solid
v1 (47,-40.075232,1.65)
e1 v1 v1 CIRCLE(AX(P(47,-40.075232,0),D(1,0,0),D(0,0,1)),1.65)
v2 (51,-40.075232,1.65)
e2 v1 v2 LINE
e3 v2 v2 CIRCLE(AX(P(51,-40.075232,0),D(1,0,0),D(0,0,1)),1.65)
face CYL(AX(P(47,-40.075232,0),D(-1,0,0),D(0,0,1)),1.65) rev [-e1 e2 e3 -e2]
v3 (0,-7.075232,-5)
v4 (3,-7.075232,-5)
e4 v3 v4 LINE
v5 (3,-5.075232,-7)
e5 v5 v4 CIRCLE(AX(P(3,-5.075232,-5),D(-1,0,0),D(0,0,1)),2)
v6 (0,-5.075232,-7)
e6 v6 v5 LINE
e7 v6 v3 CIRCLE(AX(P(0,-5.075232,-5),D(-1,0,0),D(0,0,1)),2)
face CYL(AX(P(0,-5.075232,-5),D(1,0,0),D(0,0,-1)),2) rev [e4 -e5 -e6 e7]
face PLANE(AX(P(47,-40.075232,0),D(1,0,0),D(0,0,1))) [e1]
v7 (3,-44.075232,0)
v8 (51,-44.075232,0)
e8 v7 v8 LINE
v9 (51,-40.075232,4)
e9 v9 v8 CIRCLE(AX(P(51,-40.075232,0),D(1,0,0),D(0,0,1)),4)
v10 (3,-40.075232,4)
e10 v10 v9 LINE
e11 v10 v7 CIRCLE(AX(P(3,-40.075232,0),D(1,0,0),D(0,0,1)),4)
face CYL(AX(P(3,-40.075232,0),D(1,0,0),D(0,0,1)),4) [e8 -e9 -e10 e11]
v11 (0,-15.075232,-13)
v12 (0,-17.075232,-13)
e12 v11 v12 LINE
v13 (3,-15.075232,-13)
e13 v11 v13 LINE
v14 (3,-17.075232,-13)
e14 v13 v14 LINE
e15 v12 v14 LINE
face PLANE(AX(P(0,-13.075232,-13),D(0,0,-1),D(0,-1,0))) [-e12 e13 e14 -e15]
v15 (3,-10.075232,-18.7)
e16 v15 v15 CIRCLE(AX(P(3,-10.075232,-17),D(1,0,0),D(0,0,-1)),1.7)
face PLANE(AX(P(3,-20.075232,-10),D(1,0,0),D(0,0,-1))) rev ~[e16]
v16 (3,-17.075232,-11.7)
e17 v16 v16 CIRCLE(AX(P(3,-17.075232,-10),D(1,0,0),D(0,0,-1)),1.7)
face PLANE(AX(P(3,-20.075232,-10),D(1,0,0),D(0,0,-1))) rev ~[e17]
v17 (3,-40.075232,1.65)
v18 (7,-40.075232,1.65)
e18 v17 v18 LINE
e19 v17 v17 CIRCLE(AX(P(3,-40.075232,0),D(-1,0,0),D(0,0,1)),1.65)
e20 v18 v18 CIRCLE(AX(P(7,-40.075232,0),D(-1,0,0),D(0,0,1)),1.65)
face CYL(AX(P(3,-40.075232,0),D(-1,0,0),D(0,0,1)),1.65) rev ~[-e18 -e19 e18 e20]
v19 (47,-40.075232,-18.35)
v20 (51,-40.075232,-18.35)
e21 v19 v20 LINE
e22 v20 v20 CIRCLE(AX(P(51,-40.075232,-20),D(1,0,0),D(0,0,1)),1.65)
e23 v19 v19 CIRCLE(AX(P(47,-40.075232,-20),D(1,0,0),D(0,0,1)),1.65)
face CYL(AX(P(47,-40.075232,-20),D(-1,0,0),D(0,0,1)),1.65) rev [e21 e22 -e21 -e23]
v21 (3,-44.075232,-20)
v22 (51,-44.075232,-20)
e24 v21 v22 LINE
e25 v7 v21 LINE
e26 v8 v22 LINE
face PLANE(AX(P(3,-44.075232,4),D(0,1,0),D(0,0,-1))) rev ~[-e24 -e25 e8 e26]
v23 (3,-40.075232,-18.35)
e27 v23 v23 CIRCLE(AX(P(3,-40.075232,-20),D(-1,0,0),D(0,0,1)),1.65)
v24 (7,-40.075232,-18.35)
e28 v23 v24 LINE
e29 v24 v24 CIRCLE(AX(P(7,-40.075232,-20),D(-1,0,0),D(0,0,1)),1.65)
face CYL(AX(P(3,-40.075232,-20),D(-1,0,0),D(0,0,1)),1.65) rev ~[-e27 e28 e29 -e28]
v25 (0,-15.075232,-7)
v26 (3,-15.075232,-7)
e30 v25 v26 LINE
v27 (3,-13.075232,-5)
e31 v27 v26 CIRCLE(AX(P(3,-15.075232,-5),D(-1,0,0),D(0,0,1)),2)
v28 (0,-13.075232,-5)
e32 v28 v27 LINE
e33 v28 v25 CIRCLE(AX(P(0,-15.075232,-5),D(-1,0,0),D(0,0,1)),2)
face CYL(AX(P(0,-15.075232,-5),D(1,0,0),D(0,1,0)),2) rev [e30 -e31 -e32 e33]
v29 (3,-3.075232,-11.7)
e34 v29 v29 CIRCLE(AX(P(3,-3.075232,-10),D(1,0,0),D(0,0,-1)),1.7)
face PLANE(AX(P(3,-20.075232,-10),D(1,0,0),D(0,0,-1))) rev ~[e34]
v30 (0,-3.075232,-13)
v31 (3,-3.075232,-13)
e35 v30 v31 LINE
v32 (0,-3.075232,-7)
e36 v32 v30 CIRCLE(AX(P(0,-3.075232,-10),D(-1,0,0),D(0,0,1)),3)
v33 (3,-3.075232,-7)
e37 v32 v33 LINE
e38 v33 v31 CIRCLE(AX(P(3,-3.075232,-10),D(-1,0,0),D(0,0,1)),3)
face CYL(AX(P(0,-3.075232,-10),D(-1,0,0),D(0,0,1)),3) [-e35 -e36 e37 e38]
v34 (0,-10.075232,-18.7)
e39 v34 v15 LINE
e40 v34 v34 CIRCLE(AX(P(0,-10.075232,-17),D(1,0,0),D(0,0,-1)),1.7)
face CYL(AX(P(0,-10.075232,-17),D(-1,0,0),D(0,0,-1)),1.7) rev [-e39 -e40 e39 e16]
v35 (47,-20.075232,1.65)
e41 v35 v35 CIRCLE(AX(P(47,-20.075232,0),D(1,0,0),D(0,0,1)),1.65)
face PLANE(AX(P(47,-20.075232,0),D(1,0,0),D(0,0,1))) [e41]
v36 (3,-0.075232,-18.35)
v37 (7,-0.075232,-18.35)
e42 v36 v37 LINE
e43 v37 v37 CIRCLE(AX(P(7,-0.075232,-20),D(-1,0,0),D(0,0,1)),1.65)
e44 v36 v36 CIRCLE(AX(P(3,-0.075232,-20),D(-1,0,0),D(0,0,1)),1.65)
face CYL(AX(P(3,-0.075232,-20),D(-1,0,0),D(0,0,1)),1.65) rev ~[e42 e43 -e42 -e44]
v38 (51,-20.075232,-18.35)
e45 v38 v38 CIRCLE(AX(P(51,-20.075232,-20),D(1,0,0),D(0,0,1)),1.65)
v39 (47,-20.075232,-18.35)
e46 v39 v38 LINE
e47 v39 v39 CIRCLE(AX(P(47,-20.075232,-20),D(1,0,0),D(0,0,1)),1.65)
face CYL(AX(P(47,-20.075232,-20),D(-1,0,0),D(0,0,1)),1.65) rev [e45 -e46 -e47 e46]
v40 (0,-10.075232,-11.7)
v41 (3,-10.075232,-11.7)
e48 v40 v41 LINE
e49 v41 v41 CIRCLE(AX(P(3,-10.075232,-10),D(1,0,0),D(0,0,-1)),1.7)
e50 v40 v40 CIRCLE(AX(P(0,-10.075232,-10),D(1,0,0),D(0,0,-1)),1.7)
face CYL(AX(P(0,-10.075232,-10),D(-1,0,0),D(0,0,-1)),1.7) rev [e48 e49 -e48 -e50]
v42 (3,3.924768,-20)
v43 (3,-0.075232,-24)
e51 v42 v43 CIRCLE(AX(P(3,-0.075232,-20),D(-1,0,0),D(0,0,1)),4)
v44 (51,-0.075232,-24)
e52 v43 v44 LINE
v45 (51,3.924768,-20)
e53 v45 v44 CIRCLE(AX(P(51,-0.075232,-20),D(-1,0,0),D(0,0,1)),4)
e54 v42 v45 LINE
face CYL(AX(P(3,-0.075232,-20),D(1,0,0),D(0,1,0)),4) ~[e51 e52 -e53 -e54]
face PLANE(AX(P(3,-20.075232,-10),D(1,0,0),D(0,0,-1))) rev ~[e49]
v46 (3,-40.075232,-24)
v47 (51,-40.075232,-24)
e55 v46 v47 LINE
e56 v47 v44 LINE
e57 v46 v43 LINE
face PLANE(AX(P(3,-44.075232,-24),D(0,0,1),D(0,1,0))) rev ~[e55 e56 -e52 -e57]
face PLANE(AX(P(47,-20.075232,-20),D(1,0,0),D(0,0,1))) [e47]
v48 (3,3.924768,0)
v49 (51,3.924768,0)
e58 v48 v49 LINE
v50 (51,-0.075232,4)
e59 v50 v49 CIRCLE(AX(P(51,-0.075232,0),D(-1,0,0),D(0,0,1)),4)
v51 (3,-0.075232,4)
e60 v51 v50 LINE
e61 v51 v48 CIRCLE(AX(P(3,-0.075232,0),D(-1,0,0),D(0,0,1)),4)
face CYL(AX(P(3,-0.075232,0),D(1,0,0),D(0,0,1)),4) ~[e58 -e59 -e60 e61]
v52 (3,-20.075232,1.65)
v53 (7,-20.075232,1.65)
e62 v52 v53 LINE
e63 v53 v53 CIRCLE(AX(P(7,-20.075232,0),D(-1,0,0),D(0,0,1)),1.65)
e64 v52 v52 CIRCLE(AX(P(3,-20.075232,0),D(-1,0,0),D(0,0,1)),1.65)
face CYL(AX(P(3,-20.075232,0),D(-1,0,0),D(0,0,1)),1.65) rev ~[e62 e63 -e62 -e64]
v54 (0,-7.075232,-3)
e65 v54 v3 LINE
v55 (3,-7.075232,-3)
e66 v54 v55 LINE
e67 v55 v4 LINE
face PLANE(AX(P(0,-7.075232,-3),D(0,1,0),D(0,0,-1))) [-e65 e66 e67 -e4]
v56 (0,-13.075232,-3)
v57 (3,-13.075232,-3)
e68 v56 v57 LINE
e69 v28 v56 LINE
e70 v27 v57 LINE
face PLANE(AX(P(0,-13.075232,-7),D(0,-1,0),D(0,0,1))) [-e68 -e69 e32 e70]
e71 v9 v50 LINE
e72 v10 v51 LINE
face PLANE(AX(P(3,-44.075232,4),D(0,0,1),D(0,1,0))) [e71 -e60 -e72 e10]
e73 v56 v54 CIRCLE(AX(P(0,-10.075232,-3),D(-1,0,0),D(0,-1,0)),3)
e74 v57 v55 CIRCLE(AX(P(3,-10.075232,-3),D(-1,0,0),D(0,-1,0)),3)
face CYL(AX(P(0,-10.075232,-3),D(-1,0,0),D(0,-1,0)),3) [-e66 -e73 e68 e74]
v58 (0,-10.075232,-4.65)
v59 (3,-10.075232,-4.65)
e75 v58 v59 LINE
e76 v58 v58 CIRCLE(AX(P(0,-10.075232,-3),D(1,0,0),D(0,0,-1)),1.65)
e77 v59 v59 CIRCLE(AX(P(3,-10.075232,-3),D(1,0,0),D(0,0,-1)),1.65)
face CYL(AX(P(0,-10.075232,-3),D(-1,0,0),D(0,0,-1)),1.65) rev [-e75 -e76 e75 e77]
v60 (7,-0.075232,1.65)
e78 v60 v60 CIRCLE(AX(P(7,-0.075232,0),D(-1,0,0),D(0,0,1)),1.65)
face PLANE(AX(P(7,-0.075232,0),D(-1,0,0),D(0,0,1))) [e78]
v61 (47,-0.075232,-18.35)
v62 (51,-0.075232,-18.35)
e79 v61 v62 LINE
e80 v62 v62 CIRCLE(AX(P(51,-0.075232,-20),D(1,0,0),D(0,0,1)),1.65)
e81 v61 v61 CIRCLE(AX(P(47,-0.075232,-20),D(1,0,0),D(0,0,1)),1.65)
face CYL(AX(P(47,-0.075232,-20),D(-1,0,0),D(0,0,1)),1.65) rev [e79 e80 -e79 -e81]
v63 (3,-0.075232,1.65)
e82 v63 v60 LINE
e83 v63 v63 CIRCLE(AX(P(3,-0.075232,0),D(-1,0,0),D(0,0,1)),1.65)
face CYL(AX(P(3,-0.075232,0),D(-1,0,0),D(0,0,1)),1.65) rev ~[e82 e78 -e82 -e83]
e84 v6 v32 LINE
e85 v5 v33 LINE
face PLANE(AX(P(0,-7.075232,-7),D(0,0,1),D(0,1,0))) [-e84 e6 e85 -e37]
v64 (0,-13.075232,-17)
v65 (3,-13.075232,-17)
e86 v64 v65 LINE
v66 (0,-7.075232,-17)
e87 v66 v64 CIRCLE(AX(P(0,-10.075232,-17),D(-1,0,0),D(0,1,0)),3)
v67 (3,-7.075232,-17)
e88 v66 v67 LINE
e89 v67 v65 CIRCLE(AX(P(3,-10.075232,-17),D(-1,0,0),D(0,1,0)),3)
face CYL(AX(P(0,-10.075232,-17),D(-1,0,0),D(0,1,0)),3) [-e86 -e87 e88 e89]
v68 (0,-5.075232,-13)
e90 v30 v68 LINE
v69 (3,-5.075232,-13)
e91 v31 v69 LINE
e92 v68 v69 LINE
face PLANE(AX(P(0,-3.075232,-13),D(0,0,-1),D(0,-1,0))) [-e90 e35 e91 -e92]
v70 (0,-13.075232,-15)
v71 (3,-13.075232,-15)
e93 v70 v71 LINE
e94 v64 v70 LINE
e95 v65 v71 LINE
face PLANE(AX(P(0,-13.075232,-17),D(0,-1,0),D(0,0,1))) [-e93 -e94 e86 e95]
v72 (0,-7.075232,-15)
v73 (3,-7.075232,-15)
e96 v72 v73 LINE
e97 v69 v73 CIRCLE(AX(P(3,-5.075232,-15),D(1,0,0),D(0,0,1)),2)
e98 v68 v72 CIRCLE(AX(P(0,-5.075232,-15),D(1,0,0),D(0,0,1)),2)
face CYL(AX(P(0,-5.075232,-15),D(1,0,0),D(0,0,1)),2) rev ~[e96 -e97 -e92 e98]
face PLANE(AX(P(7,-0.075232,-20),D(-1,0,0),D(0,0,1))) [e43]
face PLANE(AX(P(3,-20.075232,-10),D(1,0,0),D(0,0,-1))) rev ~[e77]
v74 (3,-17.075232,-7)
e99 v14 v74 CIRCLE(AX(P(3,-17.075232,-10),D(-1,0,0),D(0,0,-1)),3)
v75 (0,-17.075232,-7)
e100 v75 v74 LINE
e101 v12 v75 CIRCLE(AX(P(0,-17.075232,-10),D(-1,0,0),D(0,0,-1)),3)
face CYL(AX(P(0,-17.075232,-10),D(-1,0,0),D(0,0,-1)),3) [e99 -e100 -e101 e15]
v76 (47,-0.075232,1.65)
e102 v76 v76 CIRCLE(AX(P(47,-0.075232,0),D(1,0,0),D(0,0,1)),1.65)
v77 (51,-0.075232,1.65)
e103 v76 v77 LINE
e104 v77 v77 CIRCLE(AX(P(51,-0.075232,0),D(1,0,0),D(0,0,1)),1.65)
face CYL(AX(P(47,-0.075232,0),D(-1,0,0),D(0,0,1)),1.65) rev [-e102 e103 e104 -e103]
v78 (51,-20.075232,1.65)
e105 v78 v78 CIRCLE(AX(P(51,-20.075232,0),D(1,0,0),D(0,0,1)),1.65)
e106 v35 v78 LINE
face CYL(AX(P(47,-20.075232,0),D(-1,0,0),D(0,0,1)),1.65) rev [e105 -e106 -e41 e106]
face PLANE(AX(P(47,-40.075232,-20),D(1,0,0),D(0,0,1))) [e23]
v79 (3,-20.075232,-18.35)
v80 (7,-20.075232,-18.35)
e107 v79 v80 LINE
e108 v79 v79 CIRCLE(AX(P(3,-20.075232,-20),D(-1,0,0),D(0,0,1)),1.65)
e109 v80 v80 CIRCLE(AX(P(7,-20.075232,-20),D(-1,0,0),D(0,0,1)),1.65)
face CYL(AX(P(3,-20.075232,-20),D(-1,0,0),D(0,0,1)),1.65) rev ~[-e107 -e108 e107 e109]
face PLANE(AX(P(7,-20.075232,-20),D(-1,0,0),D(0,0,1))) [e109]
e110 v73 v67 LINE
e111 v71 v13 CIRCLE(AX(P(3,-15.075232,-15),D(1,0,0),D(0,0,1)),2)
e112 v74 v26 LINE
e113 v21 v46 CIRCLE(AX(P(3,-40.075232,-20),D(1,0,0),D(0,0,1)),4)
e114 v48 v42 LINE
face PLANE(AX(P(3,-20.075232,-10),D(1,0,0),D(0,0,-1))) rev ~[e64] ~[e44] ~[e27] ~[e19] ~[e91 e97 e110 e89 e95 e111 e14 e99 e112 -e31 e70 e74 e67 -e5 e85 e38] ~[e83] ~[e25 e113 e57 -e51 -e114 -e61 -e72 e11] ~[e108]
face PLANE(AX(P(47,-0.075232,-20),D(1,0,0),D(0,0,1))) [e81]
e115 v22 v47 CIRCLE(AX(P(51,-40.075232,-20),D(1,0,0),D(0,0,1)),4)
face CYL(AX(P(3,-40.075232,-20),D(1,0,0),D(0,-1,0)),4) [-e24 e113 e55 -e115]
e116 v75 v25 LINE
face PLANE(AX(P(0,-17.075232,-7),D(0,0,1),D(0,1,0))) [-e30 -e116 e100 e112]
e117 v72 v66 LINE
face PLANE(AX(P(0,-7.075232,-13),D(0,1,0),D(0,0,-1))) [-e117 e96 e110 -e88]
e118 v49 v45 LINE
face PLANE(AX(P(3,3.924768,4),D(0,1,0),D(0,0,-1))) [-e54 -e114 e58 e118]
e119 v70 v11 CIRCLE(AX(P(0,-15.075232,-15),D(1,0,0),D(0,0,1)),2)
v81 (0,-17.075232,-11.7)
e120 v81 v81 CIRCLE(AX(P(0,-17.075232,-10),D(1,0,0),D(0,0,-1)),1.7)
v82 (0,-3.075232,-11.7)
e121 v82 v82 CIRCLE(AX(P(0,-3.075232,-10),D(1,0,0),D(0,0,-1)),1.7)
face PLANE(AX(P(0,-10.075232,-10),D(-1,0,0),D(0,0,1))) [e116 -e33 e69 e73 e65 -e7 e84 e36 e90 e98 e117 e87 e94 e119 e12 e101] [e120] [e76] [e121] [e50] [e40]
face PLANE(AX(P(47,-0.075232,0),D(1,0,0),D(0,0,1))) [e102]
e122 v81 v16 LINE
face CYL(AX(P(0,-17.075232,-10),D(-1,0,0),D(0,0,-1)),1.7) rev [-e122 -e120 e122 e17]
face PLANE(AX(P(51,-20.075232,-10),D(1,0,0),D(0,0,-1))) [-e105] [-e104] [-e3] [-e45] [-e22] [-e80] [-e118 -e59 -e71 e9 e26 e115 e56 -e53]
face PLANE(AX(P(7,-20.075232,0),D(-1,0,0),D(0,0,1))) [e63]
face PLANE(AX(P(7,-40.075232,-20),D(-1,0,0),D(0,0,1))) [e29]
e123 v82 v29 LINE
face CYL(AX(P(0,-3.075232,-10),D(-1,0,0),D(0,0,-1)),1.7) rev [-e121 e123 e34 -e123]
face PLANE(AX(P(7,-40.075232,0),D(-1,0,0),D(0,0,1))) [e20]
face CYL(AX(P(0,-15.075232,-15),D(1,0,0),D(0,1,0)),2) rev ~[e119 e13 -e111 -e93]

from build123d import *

# Parameters (mm, degrees)
SKETCH_1_R          = 1.7
SKETCH_1_R_2        = 1.65
EXTRUDE_1_DEPTH     = 3
SKETCH_2_W          = 28
SKETCH_2_H          = 48
EXTRUDE_2_DEPTH     = 48
FILLET_1_R          = 4
SKETCH_3_R          = 1.65
CUT_EXTRUDE_1_DEPTH = 4
CUT_EXTRUDE_START   = -4
SKETCH_4_R          = 1.65
CUT_EXTRUDE_2_DEPTH = 4
FILLET_2_R          = 2


with BuildPart() as part:
    # 草图1 → 凸台-拉伸1 (new body)
    with BuildSketch(Plane(origin=(0, 0, 0), x_dir=(0, 0, -1), z_dir=(1, 0, 0))):
        with BuildLine():
            Line((13, -3.07523153), (13, -7.07523153))
            Line((13, -7.07523153), (17, -7.07523153))
            ThreePointArc((17, -7.07523153), (20, -10.07523153), (17, -13.07523153))
            Line((17, -13.07523153), (13, -13.07523153))
            Line((13, -13.07523153), (13, -17.07523153))
            ThreePointArc((13, -17.07523153), (10, -20.07523153), (7, -17.07523153))
            Line((7, -17.07523153), (7, -13.07523153))
            Line((7, -13.07523153), (3, -13.07523153))
            ThreePointArc((3, -13.07523153), (0, -10.07523153), (3, -7.07523153))
            Line((3, -7.07523153), (7, -7.07523153))
            Line((7, -7.07523153), (7, -3.07523153))
            ThreePointArc((7, -3.07523153), (10, -0.07523153), (13, -3.07523153))
        make_face()
        with Locations((10, -3.07523153)):
            Circle(SKETCH_1_R, mode=Mode.SUBTRACT)
        with Locations((3, -10.07523153)):
            Circle(SKETCH_1_R_2, mode=Mode.SUBTRACT)
        with Locations((10, -17.07523153)):
            Circle(SKETCH_1_R, mode=Mode.SUBTRACT)
        with Locations((17, -10.07523153)):
            Circle(SKETCH_1_R, mode=Mode.SUBTRACT)
        with Locations((10, -10.07523153)):
            Circle(SKETCH_1_R, mode=Mode.SUBTRACT)
    extrude(amount=EXTRUDE_1_DEPTH)

    # 草图2 → 凸台-拉伸2 (add)
    with BuildSketch(Plane(origin=(3, 0, 0), x_dir=(0, 0, -1), z_dir=(1, 0, 0))):
        with Locations((10, -20.07523153)):
            Rectangle(SKETCH_2_W, SKETCH_2_H)
    extrude(amount=EXTRUDE_2_DEPTH)

    # 圆角1
    fillet_1_edges = [part.edges().sort_by_distance(p)[0] for p in [
        (27, 3.92476847, -24),
        (27, 3.92476847, 4),
        (27, -44.07523153, 4),
        (27, -44.07523153, -24),
    ]]
    fillet(fillet_1_edges, radius=FILLET_1_R)

    # 草图3 → 切除-拉伸1 (cut)
    with BuildSketch(Plane.ZY.offset(-3)):
        with Locations((-20, -0.07523153)):
            Circle(SKETCH_3_R)
        with Locations((0, -0.07523153)):
            Circle(SKETCH_3_R)
        with Locations((0, -20.07523153)):
            Circle(SKETCH_3_R)
        with Locations((-20, -20.07523153)):
            Circle(SKETCH_3_R)
        with Locations((-20, -40.07523153)):
            Circle(SKETCH_3_R)
        with Locations((0, -40.07523153)):
            Circle(SKETCH_3_R)
    extrude(amount=-CUT_EXTRUDE_1_DEPTH, mode=Mode.SUBTRACT)

    # 草图4 → 切除-拉伸2 (cut)
    with BuildSketch(Plane(origin=(51, 0, 0), x_dir=(0, 0, -1), z_dir=(1, 0, 0)).offset(CUT_EXTRUDE_START)):
        with Locations(Location((0, -0.07523153, 0), (0, 0, 180))):
            Circle(SKETCH_4_R)
        with Locations(Location((20, -0.07523153, 0), (0, 0, 180))):
            Circle(SKETCH_4_R)
        with Locations(Location((0, -20.07523153, 0), (0, 0, 180))):
            Circle(SKETCH_4_R)
        with Locations(Location((20, -20.07523153, 0), (0, 0, 180))):
            Circle(SKETCH_4_R)
        with Locations(Location((0, -40.07523153, 0), (0, 0, 180))):
            Circle(SKETCH_4_R)
        with Locations(Location((20, -40.07523153, 0), (0, 0, 180))):
            Circle(SKETCH_4_R)
    extrude(amount=CUT_EXTRUDE_2_DEPTH, mode=Mode.SUBTRACT)

    # 圆角2
    fillet_2_edges = [part.edges().sort_by_distance(p)[0] for p in [
        (1.5, -13.07523153, -13),
        (1.5, -13.07523153, -7),
        (1.5, -7.07523153, -7),
        (1.5, -7.07523153, -13),
    ]]
    fillet(fillet_2_edges, radius=FILLET_2_R)


solid = part.part
